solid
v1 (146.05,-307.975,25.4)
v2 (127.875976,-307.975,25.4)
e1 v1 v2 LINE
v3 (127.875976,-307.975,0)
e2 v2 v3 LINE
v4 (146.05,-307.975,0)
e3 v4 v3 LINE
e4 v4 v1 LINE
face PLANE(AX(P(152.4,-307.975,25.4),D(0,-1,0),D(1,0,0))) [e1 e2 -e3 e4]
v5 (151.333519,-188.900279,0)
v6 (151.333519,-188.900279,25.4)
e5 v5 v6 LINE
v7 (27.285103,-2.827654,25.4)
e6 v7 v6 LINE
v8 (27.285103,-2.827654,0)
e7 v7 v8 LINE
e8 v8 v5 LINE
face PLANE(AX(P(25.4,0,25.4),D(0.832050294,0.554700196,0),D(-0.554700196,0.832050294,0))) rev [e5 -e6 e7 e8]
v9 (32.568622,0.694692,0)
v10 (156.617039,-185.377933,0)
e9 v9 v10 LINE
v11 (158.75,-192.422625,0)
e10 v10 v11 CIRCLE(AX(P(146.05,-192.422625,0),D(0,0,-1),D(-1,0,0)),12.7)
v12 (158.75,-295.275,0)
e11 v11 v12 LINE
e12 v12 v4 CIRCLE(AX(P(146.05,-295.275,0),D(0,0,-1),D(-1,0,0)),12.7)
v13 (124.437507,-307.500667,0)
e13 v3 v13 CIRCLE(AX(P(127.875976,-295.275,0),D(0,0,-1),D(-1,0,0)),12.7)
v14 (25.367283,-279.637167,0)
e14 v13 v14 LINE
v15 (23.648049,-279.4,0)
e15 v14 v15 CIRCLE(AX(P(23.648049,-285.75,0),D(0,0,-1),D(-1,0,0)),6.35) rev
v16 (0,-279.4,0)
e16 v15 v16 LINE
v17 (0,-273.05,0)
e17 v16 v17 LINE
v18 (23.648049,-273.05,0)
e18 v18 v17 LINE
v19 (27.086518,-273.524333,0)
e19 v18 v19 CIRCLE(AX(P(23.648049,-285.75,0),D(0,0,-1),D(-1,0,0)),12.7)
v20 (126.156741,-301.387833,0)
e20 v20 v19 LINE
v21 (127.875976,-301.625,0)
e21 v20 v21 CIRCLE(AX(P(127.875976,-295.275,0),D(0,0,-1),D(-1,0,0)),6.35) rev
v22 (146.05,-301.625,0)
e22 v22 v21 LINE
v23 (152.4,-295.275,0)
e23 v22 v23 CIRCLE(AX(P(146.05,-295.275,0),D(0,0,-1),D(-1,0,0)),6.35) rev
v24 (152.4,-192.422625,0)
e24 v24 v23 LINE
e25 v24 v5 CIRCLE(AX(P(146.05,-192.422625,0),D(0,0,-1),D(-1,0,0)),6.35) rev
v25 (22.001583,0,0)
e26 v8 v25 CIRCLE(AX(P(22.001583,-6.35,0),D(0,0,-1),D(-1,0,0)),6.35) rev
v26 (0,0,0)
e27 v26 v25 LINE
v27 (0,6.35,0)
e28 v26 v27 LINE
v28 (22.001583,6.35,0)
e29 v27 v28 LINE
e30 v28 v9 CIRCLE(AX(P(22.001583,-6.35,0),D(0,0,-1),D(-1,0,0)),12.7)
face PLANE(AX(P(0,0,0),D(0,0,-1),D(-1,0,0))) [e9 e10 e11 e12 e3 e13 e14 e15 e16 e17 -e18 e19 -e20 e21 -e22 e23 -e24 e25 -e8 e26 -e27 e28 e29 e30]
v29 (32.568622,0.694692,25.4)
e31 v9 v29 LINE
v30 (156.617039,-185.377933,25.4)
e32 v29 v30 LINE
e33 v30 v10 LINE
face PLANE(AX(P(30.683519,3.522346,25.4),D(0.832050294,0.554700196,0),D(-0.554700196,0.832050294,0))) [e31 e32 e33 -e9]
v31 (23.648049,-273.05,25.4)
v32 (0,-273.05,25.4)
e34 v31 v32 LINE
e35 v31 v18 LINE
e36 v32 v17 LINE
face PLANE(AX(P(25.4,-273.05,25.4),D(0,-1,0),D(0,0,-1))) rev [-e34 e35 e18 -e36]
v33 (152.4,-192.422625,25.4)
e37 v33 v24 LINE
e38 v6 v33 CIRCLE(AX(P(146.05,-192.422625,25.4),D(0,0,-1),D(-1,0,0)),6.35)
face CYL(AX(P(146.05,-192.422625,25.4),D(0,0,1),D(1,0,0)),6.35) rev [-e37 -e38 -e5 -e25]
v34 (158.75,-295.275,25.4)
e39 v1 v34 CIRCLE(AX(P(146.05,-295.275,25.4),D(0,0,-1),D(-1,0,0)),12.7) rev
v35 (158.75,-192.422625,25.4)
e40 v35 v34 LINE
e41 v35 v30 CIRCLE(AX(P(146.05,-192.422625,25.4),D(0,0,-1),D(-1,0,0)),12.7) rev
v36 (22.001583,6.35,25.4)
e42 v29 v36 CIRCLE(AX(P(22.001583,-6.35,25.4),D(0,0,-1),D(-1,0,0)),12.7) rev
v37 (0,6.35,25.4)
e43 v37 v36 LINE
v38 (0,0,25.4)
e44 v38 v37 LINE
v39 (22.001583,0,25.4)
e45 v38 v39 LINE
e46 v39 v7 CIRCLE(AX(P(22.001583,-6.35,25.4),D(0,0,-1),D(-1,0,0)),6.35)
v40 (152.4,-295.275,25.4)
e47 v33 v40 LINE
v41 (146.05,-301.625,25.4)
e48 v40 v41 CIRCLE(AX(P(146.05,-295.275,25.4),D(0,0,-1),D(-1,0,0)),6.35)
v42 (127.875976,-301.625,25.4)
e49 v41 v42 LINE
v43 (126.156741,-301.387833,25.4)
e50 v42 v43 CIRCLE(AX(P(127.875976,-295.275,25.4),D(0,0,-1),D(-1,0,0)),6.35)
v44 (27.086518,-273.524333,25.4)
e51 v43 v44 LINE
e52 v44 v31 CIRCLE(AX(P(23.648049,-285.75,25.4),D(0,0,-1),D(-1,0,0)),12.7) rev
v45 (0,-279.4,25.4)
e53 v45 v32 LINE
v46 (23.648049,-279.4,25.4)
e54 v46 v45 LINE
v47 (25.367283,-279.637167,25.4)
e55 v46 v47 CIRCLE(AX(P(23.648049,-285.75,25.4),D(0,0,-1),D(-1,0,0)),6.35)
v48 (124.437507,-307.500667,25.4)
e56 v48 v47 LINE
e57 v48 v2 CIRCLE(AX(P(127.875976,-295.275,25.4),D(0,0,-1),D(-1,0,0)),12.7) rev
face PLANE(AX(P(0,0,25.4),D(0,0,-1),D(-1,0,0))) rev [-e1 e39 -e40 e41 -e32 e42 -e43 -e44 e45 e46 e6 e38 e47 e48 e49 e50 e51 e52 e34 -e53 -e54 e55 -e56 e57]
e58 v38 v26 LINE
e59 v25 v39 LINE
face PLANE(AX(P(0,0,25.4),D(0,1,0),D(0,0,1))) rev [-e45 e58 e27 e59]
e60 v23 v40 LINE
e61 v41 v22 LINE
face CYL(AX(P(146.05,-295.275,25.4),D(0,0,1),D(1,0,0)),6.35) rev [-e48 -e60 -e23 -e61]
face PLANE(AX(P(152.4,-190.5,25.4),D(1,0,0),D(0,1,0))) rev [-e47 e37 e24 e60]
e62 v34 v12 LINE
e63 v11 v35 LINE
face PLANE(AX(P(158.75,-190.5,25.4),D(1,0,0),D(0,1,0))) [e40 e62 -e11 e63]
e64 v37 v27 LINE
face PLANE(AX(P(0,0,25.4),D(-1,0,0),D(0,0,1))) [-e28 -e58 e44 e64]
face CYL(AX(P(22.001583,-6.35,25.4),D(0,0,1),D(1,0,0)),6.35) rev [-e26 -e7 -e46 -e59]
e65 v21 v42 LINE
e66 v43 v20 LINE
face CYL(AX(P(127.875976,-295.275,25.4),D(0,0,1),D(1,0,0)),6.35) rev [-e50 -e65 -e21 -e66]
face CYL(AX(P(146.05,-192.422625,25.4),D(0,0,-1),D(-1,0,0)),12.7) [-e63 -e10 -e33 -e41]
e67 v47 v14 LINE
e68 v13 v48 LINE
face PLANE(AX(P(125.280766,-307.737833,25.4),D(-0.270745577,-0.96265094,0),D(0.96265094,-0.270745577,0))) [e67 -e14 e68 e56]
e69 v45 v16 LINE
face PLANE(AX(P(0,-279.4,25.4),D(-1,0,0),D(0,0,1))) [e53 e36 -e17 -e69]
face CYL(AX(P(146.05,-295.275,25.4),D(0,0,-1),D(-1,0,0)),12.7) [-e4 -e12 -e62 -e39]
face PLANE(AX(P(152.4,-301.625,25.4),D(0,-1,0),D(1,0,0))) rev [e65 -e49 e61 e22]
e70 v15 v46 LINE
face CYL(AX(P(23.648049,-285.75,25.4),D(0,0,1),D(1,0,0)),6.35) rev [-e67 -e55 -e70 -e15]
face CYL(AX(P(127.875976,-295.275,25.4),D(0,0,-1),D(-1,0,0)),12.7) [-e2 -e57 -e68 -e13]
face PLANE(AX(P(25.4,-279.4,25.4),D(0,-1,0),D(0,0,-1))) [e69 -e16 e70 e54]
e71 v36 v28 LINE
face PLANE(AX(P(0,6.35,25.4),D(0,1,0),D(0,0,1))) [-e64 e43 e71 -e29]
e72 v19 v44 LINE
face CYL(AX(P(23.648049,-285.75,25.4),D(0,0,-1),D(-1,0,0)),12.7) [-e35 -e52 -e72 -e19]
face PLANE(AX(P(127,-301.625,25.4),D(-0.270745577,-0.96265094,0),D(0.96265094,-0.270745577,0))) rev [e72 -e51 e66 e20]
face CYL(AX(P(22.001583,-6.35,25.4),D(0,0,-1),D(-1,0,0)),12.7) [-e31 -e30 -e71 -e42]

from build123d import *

# Parameters (mm, degrees)
EXTRUDE_THIN1_DEPTH = 25.4
FILLET1_R           = 6.35
FILLET2_R           = 12.7


with BuildPart() as part:
    # Sketch1 → Extrude-Thin1 (new body)
    with BuildSketch(Plane.XY):
        Polygon((0, 0), (25.4, 0), (152.4, -190.5), (152.4, -301.625), (127, -301.625), (25.4, -273.05), (0, -273.05), (0, -279.4), (24.52402436, -279.4), (126.12402436, -307.975), (158.75, -307.975), (158.75, -188.5773747), (28.798416866, 6.35), (0, 6.35), align=None)
    extrude(amount=EXTRUDE_THIN1_DEPTH)

    # Fillet1
    fillet1_edges = [part.edges().sort_by_distance(p)[0] for p in [
        (127, -301.625, 12.7),
        (152.4, -301.625, 12.7),
        (152.4, -190.5, 12.7),
        (25.4, 0, 12.7),
        (24.52402436, -279.4, 12.7),
    ]]
    fillet(fillet1_edges, radius=FILLET1_R)

    # Fillet2
    fillet2_edges = [part.edges().sort_by_distance(p)[0] for p in [
        (25.4, -273.05, 12.7),
        (28.798416866, 6.35, 12.7),
        (158.75, -188.5773747, 12.7),
        (158.75, -307.975, 12.7),
        (126.12402436, -307.975, 12.7),
    ]]
    fillet(fillet2_edges, radius=FILLET2_R)


solid = part.part
